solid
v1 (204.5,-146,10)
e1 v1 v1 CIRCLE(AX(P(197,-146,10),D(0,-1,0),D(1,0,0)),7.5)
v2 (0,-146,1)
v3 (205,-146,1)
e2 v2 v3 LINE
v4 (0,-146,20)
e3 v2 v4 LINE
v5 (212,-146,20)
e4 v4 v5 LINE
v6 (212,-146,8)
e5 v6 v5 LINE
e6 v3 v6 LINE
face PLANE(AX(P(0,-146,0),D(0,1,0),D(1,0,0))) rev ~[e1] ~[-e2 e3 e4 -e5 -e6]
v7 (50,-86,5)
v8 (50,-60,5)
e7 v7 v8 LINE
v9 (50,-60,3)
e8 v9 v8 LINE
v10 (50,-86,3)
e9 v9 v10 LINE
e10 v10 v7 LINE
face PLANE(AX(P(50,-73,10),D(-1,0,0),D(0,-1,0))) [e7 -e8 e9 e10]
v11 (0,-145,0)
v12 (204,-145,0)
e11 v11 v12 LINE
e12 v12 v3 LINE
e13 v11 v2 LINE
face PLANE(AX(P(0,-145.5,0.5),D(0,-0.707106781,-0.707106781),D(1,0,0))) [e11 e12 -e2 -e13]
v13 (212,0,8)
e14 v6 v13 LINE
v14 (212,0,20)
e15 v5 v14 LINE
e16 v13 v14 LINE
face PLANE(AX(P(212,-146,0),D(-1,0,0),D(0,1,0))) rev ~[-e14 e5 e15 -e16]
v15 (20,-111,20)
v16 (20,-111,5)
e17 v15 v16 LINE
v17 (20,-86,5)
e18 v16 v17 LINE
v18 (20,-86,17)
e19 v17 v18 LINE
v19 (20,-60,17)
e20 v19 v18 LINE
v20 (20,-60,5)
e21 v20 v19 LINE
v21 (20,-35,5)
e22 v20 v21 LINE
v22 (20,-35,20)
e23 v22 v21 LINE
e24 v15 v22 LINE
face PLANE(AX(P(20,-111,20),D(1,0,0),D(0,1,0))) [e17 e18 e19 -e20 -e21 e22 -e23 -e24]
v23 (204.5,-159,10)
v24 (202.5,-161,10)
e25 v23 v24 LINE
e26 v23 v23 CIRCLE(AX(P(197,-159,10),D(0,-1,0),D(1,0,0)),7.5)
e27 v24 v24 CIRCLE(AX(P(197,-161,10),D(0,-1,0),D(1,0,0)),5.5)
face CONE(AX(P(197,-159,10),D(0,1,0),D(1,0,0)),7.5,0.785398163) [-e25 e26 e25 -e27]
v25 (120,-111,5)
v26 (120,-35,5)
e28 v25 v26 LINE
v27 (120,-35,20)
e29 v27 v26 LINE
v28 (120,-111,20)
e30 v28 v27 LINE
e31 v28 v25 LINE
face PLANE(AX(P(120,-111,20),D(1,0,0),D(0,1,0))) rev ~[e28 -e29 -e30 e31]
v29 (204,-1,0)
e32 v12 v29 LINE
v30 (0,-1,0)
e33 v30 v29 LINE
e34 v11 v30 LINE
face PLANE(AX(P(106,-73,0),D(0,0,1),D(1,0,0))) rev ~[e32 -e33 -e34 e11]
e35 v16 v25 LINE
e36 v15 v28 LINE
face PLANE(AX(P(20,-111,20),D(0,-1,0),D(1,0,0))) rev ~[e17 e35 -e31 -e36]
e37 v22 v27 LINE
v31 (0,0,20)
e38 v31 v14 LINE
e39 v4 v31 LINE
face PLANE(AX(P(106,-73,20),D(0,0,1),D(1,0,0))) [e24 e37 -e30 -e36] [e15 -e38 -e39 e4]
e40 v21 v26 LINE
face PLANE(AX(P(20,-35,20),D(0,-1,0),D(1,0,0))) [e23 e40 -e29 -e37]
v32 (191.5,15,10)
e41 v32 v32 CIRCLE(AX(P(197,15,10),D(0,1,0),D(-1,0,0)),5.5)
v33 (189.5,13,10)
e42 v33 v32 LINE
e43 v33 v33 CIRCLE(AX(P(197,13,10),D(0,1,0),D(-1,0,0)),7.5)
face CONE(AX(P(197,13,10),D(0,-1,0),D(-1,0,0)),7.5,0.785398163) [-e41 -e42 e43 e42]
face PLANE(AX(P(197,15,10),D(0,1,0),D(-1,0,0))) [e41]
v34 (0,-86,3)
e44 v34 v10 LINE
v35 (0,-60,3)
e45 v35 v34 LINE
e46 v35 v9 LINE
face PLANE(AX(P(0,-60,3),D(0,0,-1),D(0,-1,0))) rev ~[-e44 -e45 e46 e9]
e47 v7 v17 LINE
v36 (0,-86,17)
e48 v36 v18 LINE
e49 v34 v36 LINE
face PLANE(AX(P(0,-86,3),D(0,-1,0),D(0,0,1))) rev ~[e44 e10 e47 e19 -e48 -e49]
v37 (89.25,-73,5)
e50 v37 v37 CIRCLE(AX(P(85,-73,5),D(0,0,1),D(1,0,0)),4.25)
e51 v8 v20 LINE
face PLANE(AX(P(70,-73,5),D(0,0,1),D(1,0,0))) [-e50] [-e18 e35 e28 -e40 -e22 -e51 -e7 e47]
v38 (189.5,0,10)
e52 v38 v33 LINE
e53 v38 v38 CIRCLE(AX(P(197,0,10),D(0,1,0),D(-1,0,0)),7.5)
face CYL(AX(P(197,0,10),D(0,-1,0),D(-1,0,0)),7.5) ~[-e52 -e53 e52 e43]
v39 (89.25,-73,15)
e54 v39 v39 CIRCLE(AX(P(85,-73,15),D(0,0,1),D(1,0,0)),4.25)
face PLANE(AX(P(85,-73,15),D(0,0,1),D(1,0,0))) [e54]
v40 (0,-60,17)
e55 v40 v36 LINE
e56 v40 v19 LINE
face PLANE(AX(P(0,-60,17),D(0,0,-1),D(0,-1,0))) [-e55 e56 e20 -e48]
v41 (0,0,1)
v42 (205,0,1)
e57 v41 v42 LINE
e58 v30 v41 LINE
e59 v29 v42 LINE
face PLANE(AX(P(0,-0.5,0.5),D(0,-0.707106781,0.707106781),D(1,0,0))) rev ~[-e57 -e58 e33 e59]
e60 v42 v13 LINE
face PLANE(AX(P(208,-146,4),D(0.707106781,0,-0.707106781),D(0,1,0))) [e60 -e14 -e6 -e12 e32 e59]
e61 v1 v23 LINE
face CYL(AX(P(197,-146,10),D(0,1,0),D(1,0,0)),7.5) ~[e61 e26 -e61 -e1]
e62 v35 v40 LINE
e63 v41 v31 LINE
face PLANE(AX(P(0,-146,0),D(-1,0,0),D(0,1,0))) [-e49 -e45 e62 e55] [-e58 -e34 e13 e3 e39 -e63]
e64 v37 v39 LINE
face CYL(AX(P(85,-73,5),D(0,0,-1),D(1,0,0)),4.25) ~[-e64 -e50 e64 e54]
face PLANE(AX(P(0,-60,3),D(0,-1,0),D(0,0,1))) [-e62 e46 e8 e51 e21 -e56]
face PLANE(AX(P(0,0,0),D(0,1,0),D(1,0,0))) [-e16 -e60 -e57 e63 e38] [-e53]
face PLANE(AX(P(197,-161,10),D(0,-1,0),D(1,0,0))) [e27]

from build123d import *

# Parameters (mm, degrees)
SKETCH_W        = 212
SKETCH_H        = 146
PAD_DEPTH       = 20
SKETCH001_R     = 7.5
PAD001_DEPTH    = 15
SKETCH002_R     = 7.5
PAD002_DEPTH    = 15
CHAMFER_SIZE    = 2
CHAMFER001_SIZE = 2
CHAMFER002_SIZE = 8
SKETCH003_W     = 26
SKETCH003_H     = 14
POCKET_DEPTH    = 50
SKETCH004_W     = 100
SKETCH004_H     = 76
POCKET001_DEPTH = 15
CHAMFER003_SIZE = 1
CHAMFER004_SIZE = 1
SKETCH005_R     = 4.25
PAD003_DEPTH    = 10


with BuildPart() as part:
    # Sketch → Pad (new body)
    with BuildSketch(Plane.XY):
        with Locations((106, -73)):
            Rectangle(SKETCH_W, SKETCH_H)
    extrude(amount=PAD_DEPTH)

    # Sketch001 (on Face2 of Pad) → Pad001 (join)
    with BuildSketch(Plane.XZ.offset(146)):
        with Locations((197, 10)):
            Circle(SKETCH001_R)
    extrude(amount=PAD001_DEPTH)

    # Sketch002 (on Face2 of Pad001) → Pad002 (join)
    with BuildSketch(Plane(origin=(0, 0, 0), x_dir=(-1, 0, 0), z_dir=(0, 1, 0))):
        with Locations((-197, 10)):
            Circle(SKETCH002_R)
    extrude(amount=PAD002_DEPTH)

    # Chamfer
    chamfer_edges = [part.edges().sort_by_distance(p)[0] for p in [
        (204.5, 15, 10),
    ]]
    chamfer(chamfer_edges, length=CHAMFER_SIZE)

    # Chamfer001
    chamfer001_edges = [part.edges().sort_by_distance(p)[0] for p in [
        (189.5, -161, 10),
    ]]
    chamfer(chamfer001_edges, length=CHAMFER001_SIZE)

    # Chamfer002
    chamfer002_edges = [part.edges().sort_by_distance(p)[0] for p in [
        (212, -73, 0),
    ]]
    chamfer(chamfer002_edges, length=CHAMFER002_SIZE)

    # Sketch003 (on Face4 of Chamfer002) → Pocket (cut)
    with BuildSketch(Plane(origin=(0, 0, 0), x_dir=(0, -1, 0), z_dir=(-1, 0, 0))):
        with Locations((73, 10)):
            Rectangle(SKETCH003_W, SKETCH003_H)
    extrude(amount=-POCKET_DEPTH, mode=Mode.SUBTRACT)

    # Sketch004 (on Face6 of Pocket) → Pocket001 (cut)
    with BuildSketch(Plane.XY.offset(20)):
        with Locations((70, -73)):
            Rectangle(SKETCH004_W, SKETCH004_H)
    extrude(amount=-POCKET001_DEPTH, mode=Mode.SUBTRACT)

    # Chamfer003
    chamfer003_edges = [part.edges().sort_by_distance(p)[0] for p in [
        (102, 0, 0),
    ]]
    chamfer(chamfer003_edges, length=CHAMFER003_SIZE)

    # Chamfer004
    chamfer004_edges = [part.edges().sort_by_distance(p)[0] for p in [
        (102, -146, 0),
    ]]
    chamfer(chamfer004_edges, length=CHAMFER004_SIZE)

    # Sketch005 (on Face20 of Chamfer004) → Pad003 (join)
    with BuildSketch(Plane.XY.offset(5)):
        with Locations((85, -73)):
            Circle(SKETCH005_R)
    extrude(amount=PAD003_DEPTH)


solid = part.part
